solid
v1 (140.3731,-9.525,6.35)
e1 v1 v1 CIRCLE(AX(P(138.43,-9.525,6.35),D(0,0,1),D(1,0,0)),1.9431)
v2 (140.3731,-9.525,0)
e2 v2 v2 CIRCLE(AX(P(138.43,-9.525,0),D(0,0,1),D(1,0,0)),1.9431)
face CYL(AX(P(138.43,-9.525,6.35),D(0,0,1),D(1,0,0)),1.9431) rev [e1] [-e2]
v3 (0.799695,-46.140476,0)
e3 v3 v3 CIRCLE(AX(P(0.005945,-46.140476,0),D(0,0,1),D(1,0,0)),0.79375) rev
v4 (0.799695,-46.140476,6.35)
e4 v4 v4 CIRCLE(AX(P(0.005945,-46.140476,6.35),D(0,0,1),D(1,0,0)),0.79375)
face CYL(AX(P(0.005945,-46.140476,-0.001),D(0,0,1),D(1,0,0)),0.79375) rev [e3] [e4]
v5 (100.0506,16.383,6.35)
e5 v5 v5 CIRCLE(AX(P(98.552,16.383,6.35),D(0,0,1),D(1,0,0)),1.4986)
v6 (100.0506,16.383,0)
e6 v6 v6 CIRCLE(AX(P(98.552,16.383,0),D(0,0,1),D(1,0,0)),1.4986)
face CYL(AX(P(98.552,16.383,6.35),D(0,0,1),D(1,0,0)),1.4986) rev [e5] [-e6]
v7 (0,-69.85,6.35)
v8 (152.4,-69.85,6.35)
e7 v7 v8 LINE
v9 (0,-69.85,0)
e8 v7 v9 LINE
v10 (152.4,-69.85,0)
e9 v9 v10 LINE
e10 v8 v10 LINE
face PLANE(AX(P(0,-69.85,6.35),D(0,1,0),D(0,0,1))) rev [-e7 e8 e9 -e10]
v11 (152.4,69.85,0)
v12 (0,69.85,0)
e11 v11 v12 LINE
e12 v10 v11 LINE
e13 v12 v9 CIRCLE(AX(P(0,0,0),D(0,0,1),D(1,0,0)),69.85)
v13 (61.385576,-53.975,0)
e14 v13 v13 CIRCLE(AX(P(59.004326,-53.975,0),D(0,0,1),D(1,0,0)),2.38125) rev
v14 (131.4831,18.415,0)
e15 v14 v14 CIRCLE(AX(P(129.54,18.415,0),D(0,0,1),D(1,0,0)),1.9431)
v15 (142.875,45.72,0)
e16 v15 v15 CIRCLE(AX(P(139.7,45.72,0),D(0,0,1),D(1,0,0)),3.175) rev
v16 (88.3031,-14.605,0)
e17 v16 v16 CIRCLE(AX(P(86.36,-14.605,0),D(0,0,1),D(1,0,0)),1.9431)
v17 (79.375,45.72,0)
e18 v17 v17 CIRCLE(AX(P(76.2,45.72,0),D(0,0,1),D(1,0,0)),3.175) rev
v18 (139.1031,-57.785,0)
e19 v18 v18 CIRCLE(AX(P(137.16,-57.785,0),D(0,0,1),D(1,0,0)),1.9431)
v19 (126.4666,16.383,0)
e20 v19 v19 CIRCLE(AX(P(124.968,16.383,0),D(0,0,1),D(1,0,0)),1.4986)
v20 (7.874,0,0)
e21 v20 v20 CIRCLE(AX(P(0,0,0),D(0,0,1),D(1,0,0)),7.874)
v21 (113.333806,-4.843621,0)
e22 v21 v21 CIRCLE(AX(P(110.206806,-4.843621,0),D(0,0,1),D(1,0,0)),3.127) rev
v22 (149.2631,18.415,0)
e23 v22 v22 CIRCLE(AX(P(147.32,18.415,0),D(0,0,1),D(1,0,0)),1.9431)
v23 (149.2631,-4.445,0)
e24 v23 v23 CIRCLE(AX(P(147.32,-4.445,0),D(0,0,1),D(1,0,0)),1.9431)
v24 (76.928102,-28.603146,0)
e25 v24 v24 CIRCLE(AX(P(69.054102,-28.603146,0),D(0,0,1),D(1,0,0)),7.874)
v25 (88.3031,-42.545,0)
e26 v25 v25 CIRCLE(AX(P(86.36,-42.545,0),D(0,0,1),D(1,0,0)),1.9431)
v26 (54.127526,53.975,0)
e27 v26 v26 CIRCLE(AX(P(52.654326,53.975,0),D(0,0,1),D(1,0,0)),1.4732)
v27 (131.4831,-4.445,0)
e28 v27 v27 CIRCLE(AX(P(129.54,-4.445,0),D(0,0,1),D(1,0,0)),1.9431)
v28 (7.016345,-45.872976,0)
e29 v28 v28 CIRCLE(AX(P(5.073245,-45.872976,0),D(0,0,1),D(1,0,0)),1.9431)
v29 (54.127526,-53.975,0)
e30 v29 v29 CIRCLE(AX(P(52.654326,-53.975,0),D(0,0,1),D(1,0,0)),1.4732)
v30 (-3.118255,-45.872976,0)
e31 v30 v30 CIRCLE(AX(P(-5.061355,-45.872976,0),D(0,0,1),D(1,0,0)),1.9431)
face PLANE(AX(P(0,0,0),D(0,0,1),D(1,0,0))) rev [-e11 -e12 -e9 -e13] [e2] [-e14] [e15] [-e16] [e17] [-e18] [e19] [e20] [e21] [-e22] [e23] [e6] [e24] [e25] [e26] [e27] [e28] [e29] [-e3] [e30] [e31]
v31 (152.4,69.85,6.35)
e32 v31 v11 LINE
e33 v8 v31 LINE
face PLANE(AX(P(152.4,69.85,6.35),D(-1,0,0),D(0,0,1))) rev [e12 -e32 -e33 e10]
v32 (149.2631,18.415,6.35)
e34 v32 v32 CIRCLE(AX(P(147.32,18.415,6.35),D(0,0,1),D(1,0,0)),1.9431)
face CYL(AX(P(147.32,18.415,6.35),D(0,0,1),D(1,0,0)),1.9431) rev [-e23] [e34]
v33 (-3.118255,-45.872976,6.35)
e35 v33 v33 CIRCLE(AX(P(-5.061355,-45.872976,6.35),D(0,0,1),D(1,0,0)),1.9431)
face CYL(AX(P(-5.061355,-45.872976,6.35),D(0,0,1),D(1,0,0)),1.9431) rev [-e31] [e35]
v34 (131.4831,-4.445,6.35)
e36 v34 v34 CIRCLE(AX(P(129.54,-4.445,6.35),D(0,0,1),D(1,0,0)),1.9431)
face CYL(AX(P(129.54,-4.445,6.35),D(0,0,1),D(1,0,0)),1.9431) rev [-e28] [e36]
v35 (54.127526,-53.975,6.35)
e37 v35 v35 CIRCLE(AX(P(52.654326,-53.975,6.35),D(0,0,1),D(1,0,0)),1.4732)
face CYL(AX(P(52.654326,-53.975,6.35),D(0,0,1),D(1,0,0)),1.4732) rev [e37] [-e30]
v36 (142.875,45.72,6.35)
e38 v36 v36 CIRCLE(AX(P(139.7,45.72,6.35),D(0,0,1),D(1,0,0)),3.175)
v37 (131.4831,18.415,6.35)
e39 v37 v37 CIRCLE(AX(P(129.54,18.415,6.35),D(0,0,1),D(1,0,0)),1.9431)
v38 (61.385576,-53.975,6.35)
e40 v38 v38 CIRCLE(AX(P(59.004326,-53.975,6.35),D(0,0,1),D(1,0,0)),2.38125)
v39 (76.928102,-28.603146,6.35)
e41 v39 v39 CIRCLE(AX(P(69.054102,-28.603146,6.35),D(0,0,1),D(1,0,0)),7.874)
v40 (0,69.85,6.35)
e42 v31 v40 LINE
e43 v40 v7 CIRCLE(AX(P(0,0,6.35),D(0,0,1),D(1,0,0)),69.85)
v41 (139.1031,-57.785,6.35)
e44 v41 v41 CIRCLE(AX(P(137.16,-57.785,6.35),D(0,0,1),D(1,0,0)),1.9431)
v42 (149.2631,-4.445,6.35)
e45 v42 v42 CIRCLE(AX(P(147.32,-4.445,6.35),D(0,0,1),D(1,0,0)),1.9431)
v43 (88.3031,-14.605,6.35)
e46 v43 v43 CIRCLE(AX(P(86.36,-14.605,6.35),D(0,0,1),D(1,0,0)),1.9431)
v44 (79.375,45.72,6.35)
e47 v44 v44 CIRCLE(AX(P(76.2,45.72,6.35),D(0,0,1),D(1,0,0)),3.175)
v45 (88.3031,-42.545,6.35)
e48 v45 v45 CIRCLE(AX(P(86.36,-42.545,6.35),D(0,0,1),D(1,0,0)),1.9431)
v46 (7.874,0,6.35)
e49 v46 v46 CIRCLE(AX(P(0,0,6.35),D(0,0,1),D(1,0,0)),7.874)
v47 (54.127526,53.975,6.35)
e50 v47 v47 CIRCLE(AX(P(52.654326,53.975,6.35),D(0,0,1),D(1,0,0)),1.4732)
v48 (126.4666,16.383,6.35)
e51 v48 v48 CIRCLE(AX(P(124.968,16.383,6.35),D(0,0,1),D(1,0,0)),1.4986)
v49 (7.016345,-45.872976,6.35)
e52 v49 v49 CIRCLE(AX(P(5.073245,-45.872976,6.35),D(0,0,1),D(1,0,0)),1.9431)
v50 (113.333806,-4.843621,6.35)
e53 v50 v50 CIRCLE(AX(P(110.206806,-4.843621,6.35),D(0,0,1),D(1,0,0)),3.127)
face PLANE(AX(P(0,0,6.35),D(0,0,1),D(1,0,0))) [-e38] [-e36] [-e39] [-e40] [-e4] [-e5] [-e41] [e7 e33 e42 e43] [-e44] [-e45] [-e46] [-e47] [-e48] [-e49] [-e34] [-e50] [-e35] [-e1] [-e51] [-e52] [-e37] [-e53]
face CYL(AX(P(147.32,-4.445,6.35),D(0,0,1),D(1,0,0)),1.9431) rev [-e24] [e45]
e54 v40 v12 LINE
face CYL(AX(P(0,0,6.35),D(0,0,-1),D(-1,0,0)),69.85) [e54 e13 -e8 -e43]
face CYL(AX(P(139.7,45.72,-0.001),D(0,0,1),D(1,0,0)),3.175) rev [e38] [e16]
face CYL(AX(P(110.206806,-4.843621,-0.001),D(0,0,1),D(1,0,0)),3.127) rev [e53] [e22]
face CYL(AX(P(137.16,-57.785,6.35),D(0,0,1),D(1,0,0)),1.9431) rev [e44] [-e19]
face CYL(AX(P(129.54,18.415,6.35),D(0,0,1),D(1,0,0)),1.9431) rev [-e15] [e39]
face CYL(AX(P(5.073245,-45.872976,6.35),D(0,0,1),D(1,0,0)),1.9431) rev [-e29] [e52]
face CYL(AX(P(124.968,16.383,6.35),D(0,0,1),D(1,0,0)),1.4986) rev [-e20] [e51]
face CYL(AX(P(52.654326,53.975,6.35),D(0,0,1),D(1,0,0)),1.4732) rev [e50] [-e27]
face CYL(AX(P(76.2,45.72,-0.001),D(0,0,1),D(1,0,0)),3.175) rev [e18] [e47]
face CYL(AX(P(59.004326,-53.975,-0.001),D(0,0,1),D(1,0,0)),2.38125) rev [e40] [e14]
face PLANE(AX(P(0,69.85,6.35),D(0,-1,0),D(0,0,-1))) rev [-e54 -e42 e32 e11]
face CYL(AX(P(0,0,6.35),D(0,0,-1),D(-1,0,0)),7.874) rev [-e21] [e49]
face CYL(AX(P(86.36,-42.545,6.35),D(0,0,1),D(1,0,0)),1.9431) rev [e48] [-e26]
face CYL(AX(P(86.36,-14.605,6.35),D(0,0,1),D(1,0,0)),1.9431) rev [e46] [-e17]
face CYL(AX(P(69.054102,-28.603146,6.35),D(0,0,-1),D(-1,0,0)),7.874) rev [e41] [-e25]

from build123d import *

# Parameters (mm, degrees)
SKETCH1_R                 = 7.874
BOSS_EXTRUDE1_DEPTH       = 6.35
CUT_EXTRUDE1_REACH        = 8.35
SKETCH2_R                 = 3.175
CUT_EXTRUDE6_REACH        = 8.35
SKETCH8_R                 = 3.127
F_4_CLEARANCE_HOLE1_D     = 2.9464
F_4_CLEARANCE_HOLE1_DEPTH = 6.35
F_4_CLEARANCE_HOLE2_D     = 3.8862
F_4_CLEARANCE_HOLE2_DEPTH = 6.35
CUT_EXTRUDE7_REACH        = 8.35
SKETCH13_R                = 0.79375
CUT_EXTRUDE8_REACH        = 8.35
SKETCH14_R                = 2.38125
F_2_CLEARANCE_HOLE1_D     = 2.9972
F_2_CLEARANCE_HOLE1_DEPTH = 6.35


with BuildPart() as part:
    # Sketch1 → Boss-Extrude1 (new body)
    with BuildSketch(Plane.XY):
        with BuildLine():
            Line((152.4, 69.85), (152.4, -69.85))
            Line((152.4, -69.85), (0, -69.85))
            ThreePointArc((0, -69.85), (-69.85, 0), (0, 69.85))
            Line((0, 69.85), (152.4, 69.85))
        make_face()
        with Locations((69.054102373, -28.60314574)):
            Circle(SKETCH1_R, mode=Mode.SUBTRACT)
        Circle(SKETCH1_R, mode=Mode.SUBTRACT)
    extrude(amount=BOSS_EXTRUDE1_DEPTH)

    # Sketch2 → Cut-Extrude1 (cut, up to next)
    with BuildSketch(Plane.XY.offset(6.35), mode=Mode.PRIVATE) as cut_extrude1_sk1:
        with Locations((76.2, 45.72)):
            Circle(SKETCH2_R)
    cut_extrude1_tool1 = extrude(cut_extrude1_sk1.sketch, amount=-CUT_EXTRUDE1_REACH, mode=Mode.PRIVATE) & part.part
    add(cut_extrude1_tool1.solids().sort_by_distance((76.2, 45.72, 6.35))[0], mode=Mode.SUBTRACT)
    # Sketch2 → Cut-Extrude1 (cut, up to next)
    with BuildSketch(Plane.XY.offset(6.35), mode=Mode.PRIVATE) as cut_extrude1_sk2:
        with Locations((139.7, 45.72)):
            Circle(SKETCH2_R)
    cut_extrude1_tool2 = extrude(cut_extrude1_sk2.sketch, amount=-CUT_EXTRUDE1_REACH, mode=Mode.PRIVATE) & part.part
    add(cut_extrude1_tool2.solids().sort_by_distance((139.7, 45.72, 6.35))[0], mode=Mode.SUBTRACT)

    # Sketch8 → Cut-Extrude6 (cut, up to next)
    with BuildSketch(Plane.XY.offset(6.35), mode=Mode.PRIVATE) as cut_extrude6_sk1:
        with Locations((110.206805808, -4.843621334)):
            Circle(SKETCH8_R)
    cut_extrude6_tool1 = extrude(cut_extrude6_sk1.sketch, amount=-CUT_EXTRUDE6_REACH, mode=Mode.PRIVATE) & part.part
    add(cut_extrude6_tool1.solids().sort_by_distance((110.206806, -4.843621, 6.35))[0], mode=Mode.SUBTRACT)

    # #4 Clearance Hole1
    with Locations(Plane.XY.offset(6.35)):
        with Locations((52.65432584, 53.975), (52.65432584, -53.975)):
            Hole(F_4_CLEARANCE_HOLE1_D / 2, depth=F_4_CLEARANCE_HOLE1_DEPTH)

    # #4 Clearance Hole2
    with Locations(Plane.XY.offset(6.35)):
        with Locations((129.54, 18.415), (147.32, 18.415), (147.32, -4.445), (129.54, -4.445), (138.43, -9.525), (86.36, -14.605), (86.36, -42.545), (137.16, -57.785), (5.073244581, -45.872975683), (-5.061355419, -45.872975683)):
            Hole(F_4_CLEARANCE_HOLE2_D / 2, depth=F_4_CLEARANCE_HOLE2_DEPTH)

    # Sketch13 → Cut-Extrude7 (cut, up to next)
    with BuildSketch(Plane.XY.offset(6.35), mode=Mode.PRIVATE) as cut_extrude7_sk1:
        with Locations((0.005944581, -46.140475683)):
            Circle(SKETCH13_R)
    cut_extrude7_tool1 = extrude(cut_extrude7_sk1.sketch, amount=-CUT_EXTRUDE7_REACH, mode=Mode.PRIVATE) & part.part
    add(cut_extrude7_tool1.solids().sort_by_distance((0.005945, -46.140476, 6.35))[0], mode=Mode.SUBTRACT)

    # Sketch14 → Cut-Extrude8 (cut, up to next)
    with BuildSketch(Plane.XY.offset(6.35), mode=Mode.PRIVATE) as cut_extrude8_sk1:
        with Locations((59.00432584, -53.975)):
            Circle(SKETCH14_R)
    cut_extrude8_tool1 = extrude(cut_extrude8_sk1.sketch, amount=-CUT_EXTRUDE8_REACH, mode=Mode.PRIVATE) & part.part
    add(cut_extrude8_tool1.solids().sort_by_distance((59.004326, -53.975, 6.35))[0], mode=Mode.SUBTRACT)

    # #2 Clearance Hole1
    with Locations(Plane.XY.offset(6.35)):
        with Locations((98.552, 16.383), (124.968, 16.383)):
            Hole(F_2_CLEARANCE_HOLE1_D / 2, depth=F_2_CLEARANCE_HOLE1_DEPTH)


solid = part.part
